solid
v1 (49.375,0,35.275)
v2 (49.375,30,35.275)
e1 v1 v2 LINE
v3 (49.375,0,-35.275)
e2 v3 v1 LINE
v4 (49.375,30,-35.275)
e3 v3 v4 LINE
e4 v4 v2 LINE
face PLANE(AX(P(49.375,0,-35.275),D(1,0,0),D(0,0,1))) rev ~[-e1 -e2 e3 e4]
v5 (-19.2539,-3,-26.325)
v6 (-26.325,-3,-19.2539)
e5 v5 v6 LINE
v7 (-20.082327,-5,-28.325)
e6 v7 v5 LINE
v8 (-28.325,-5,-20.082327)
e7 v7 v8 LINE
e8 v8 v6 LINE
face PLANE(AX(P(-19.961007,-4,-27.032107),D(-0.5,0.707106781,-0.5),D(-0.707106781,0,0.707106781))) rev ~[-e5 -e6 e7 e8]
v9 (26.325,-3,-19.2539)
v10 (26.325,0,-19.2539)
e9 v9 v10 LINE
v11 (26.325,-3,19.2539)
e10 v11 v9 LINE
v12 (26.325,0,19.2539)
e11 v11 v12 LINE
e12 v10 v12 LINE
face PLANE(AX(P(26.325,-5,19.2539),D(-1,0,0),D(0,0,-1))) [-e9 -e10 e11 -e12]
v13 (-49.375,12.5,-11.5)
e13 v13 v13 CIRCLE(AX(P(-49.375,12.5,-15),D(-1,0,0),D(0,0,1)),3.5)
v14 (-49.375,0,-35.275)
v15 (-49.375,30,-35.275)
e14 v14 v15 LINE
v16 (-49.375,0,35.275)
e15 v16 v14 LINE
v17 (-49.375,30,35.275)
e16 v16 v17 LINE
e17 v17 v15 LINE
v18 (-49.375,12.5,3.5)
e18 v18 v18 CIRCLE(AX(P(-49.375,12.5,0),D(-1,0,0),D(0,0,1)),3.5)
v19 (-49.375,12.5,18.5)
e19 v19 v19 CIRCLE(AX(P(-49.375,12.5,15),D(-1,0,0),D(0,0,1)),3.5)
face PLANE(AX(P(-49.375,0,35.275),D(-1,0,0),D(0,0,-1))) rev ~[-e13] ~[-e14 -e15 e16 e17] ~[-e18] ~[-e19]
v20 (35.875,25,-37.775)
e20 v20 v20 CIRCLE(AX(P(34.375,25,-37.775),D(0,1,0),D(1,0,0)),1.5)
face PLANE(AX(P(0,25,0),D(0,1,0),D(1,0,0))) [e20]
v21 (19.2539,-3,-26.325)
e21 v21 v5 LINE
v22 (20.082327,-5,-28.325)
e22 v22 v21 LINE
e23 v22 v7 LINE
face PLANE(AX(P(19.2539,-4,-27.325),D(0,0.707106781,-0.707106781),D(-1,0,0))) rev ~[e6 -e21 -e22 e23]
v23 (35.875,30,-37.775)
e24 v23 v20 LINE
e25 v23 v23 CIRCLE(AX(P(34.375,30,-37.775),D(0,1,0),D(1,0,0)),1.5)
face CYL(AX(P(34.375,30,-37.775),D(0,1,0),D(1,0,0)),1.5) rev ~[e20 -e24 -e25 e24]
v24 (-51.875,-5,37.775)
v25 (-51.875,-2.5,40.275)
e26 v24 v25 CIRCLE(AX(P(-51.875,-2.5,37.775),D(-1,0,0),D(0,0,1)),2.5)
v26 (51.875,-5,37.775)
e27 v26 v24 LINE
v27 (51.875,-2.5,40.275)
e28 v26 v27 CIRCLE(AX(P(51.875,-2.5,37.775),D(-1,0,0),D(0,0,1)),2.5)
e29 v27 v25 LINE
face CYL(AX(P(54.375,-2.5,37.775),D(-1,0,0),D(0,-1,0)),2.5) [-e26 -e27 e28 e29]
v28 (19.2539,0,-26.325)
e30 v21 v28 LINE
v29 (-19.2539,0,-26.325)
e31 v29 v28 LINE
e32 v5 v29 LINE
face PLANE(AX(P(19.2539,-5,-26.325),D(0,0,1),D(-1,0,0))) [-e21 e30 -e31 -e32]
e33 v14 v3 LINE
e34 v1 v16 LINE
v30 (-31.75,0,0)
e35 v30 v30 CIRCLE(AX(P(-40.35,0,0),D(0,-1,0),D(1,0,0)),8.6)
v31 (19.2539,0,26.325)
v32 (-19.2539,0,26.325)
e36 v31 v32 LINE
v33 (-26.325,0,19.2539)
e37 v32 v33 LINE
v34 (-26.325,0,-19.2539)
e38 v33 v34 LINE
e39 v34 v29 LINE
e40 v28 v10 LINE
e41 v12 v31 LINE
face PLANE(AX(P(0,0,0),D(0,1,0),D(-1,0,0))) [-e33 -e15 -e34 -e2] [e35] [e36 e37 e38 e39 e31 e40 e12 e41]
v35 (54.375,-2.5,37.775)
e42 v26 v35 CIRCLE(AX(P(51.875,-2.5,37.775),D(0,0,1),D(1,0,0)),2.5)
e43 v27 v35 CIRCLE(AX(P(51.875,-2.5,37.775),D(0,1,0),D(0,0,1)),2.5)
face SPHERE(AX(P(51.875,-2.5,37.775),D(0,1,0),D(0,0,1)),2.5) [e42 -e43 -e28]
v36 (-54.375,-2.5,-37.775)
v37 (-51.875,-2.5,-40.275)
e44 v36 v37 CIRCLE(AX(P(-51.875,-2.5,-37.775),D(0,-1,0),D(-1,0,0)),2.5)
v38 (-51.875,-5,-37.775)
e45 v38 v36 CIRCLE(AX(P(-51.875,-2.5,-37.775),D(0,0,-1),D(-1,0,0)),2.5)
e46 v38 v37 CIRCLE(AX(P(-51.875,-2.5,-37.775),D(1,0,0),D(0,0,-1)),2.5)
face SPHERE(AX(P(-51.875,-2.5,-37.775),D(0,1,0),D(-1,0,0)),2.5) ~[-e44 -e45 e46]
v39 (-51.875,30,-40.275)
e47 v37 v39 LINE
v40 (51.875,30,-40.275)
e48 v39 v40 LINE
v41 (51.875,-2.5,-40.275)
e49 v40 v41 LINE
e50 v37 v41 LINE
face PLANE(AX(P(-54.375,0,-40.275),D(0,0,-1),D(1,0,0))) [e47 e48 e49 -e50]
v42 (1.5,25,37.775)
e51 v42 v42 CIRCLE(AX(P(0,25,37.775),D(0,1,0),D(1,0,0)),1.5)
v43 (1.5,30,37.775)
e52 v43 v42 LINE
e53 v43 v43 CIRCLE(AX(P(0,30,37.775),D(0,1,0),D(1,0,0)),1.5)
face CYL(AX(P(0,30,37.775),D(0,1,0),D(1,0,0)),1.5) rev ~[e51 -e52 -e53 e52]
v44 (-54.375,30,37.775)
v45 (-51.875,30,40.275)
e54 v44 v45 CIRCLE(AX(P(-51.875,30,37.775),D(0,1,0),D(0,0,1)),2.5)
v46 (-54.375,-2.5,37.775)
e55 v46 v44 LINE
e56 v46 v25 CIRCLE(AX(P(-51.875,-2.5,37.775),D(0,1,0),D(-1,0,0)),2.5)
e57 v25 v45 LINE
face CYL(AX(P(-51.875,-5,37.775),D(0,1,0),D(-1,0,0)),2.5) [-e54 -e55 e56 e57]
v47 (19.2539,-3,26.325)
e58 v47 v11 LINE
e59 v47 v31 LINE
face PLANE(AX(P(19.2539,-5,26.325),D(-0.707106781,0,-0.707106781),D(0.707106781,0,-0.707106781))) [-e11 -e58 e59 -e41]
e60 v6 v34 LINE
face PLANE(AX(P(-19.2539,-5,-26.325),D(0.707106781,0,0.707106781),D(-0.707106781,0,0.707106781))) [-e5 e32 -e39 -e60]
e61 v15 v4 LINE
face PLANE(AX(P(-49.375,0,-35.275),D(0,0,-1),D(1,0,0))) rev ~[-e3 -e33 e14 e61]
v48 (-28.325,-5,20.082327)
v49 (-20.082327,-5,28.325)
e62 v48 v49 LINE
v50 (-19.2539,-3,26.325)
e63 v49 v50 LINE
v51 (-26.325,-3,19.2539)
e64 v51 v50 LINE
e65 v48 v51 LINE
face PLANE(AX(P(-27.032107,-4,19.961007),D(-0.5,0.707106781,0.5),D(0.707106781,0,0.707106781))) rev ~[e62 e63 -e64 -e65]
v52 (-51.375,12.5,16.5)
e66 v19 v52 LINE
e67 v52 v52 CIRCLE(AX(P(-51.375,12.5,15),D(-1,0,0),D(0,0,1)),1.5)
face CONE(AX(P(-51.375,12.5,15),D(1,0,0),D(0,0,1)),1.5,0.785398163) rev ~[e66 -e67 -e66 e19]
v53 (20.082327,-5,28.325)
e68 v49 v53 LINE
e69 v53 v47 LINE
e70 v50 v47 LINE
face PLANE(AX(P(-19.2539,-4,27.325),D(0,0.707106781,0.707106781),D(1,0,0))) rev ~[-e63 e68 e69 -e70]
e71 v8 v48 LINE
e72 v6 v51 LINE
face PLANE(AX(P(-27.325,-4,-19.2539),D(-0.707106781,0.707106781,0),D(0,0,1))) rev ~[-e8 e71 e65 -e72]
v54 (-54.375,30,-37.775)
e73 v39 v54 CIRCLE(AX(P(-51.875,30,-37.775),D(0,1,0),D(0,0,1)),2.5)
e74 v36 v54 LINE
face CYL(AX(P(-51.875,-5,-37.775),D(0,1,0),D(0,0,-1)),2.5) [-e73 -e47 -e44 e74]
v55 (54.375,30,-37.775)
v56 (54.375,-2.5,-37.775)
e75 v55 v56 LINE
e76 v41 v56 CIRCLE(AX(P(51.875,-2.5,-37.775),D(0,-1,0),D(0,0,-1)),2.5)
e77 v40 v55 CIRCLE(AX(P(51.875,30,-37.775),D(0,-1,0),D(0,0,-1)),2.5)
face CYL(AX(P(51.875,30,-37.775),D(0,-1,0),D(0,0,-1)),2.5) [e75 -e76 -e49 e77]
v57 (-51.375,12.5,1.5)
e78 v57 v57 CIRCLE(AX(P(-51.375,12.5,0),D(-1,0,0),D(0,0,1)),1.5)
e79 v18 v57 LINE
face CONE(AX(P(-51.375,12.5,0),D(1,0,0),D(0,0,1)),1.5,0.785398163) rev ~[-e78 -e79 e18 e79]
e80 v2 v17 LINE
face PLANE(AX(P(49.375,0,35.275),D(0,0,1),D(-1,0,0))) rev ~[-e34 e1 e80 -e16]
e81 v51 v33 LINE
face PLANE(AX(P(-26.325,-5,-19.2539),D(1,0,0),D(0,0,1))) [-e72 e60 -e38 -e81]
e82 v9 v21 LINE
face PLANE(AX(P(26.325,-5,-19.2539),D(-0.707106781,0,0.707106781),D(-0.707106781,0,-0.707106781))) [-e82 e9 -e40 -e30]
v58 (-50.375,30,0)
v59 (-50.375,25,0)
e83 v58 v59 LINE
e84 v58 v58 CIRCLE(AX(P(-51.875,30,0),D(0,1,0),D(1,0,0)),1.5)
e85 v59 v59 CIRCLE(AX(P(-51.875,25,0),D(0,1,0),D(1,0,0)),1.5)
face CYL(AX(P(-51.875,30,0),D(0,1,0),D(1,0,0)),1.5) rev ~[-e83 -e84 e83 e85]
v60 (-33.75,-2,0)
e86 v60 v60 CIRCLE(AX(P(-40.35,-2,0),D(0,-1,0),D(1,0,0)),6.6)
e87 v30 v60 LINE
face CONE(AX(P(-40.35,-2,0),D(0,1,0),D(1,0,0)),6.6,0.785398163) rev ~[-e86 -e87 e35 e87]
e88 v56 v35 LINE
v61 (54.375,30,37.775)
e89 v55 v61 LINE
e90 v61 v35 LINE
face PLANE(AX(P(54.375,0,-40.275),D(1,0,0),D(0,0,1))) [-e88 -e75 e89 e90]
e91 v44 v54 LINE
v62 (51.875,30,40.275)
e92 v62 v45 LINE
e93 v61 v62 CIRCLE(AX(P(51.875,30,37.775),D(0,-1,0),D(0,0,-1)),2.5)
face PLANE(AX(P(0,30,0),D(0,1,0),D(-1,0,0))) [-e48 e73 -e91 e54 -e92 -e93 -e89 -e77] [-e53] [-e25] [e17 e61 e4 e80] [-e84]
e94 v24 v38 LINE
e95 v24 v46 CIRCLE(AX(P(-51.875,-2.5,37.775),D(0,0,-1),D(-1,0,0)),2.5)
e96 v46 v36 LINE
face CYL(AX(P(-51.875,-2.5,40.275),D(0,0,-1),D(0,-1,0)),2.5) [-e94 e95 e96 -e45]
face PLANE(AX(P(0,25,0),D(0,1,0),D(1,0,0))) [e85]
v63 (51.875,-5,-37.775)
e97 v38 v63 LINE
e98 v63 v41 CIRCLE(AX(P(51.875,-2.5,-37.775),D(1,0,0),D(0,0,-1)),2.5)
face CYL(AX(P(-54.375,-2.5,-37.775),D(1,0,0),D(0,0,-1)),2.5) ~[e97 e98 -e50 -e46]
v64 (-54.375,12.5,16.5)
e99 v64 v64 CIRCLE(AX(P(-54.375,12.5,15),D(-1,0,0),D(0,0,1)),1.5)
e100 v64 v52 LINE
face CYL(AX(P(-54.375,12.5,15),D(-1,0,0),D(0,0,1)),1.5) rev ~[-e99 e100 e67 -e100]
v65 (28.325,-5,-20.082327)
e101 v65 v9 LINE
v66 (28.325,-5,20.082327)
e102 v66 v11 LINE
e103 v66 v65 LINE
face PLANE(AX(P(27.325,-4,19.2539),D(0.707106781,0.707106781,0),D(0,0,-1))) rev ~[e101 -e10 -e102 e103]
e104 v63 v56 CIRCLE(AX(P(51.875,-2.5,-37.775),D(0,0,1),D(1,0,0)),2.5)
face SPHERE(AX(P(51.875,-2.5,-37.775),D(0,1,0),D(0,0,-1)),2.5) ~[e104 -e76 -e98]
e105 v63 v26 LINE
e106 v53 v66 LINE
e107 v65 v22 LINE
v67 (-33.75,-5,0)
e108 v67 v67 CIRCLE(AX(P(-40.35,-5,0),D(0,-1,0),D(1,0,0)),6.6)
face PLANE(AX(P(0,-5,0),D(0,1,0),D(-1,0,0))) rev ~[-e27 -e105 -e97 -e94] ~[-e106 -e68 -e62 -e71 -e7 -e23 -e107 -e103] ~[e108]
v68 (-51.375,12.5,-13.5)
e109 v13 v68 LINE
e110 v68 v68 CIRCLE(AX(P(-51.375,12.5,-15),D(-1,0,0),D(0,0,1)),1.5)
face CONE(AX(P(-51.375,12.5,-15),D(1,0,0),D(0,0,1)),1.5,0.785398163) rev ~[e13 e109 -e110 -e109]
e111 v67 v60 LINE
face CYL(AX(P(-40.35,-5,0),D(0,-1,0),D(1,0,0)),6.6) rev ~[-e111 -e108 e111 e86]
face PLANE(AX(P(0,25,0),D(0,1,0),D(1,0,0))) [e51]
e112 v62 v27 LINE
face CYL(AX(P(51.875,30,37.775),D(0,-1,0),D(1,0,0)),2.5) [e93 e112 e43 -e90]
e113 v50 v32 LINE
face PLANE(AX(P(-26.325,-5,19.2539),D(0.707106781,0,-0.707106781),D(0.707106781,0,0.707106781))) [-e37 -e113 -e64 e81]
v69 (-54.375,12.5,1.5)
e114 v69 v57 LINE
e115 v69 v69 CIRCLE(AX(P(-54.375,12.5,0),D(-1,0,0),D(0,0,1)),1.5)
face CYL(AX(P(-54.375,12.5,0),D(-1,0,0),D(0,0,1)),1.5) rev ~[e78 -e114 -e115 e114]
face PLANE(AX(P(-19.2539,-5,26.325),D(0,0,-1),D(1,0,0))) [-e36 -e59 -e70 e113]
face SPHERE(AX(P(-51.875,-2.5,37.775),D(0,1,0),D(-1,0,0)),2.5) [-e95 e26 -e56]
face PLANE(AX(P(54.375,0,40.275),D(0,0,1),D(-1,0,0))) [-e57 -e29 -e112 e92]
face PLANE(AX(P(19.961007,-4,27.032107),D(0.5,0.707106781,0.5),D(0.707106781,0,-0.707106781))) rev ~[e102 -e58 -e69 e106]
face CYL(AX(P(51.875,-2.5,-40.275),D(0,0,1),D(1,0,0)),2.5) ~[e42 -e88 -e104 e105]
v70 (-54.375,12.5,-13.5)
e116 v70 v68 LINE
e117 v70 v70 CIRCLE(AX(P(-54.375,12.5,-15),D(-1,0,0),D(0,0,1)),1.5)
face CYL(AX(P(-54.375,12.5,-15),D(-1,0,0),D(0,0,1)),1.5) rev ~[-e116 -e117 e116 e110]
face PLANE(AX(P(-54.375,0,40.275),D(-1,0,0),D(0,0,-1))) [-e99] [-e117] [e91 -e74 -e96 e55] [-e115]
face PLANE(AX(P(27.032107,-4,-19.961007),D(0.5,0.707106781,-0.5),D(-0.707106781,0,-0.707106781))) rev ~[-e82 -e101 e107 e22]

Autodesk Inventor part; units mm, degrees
ref_plane "YZ Plane" through (0, 0, 0) normal (1, 0, 0) x (0, 1, 0)
ref_plane "XZ Plane" through (0, 0, 0) normal (0, 1, 0) x (-1, 0, 0)
ref_plane "XY Plane" through (0, 0, 0) normal (0, 0, 1) x (1, 0, 0)
sketch "스케치2" plane through (0, 0, 0) normal (0, 1, 0) x (-1, 0, 0)
  line L0 (49.375, -35.275) -> (-49.375, -35.275)
  line L1 (-49.375, -35.275) -> (-49.375, 35.275)
  line L2 (-49.375, 35.275) -> (49.375, 35.275)
  line L3 (49.375, 35.275) -> (49.375, -35.275)
  line L4 (49.375, -35.275) -> (-49.375, 35.275) construction
  line L5 (-49.375, -35.275) -> (49.375, 35.275) construction
  line L6 (54.375, -40.275) -> (-54.375, -40.275)
  line L7 (-54.375, -40.275) -> (-54.375, 40.275)
  line L8 (-54.375, 40.275) -> (54.375, 40.275)
  line L9 (54.375, 40.275) -> (54.375, -40.275)
  point P0 (0, 0)
  dimension "d0" = 98.75
  dimension "d1" = 70.55
  dimension "d2" = 5
extrude "돌출1" add sketch "스케치2" along normal blind 30
sketch "스케치3" plane through (0, 0, 0) normal (0, 1, 0) x (-1, 0, 0)
  line L0 (54.375, 40.275) -> (-54.375, 40.275) construction
  line L1 (54.375, -40.275) -> (-54.375, -40.275)
  line L2 (-54.375, -40.275) -> (-54.375, 40.275)
  line L3 (-54.375, 40.275) -> (54.375, 40.275)
  line L4 (54.375, 40.275) -> (54.375, -40.275)
  line L5 (54.375, -40.275) -> (-54.375, 40.275) construction
  line L6 (-54.375, -40.275) -> (54.375, 40.275) construction
  point P0 (0, 0)
extrude "돌출2" add sketch "스케치3" against normal blind 5
sketch "스케치4" plane through (0, -5, 0) normal (0, -1, 0) x (1, 0, 0)
  line L0 (26.325, -26.325) -> (-26.325, -26.325)
  line L1 (-26.325, -26.325) -> (-26.325, 26.325)
  line L2 (-26.325, 26.325) -> (26.325, 26.325)
  line L3 (26.325, 26.325) -> (26.325, -26.325)
  line L4 (26.325, -26.325) -> (-26.325, 26.325) construction
  line L5 (-26.325, -26.325) -> (26.325, 26.325) construction
  line L6 (-26.325, 19.2539) -> (-19.2539, 26.325)
  line L7 (-19.2539, -26.325) -> (-26.325, -19.2539)
  line L8 (26.325, -19.2539) -> (19.2539, -26.325)
  line L9 (19.2539, 26.325) -> (26.325, 19.2539)
  point P0 (0, 0)
  dimension "d7" = 52.65
  dimension "d8" = 52.65
  dimension "d9" = 45
  dimension "d10" = 5
  dimension "d13" = 360
extrude "돌출3" cut sketch "스케치4" against normal through all contours L0 L7 L1 L6 L2 L9 L3 L8
sketch "스케치5" plane through (-54.375, 30, -40.275) normal (-1, 0, 0) x (0, 0, 1)
  line L0 (80.55, -35) -> (0, -35) construction
  circle A0 centre (40.275, -17.5) radius 1.5
  circle A1 centre (25.275, -17.5) radius 1.5
  circle A2 centre (55.275, -17.5) radius 1.5
  point P0 (40.275, -30)
  dimension "d17" = 3
  dimension "d18" = 17.5
  dimension "d19" = 3
  dimension "d20" = 17.5
  dimension "d21" = 17.5
  dimension "d22" = 3
  dimension "d23" = 15
  dimension "d24" = 0
  dimension "d25" = 15
extrude "돌출4" cut sketch "스케치5" against normal blind 5
fillet "모깎기1" radius 2.5 8 edges at (-54.375, 12.5, 40.275) (54.375, 12.5, 40.275) (54.375, 12.5, -40.275) (-54.375, 12.5, -40.275) (-54.375, -5, 0) (0, -5, -40.275) (0, -5, 40.275) (54.375, -5, 0)
chamfer "모따기1" distance 2 angle 45 11 edges at (-49.375, 12.5, 13.5) (-49.375, 12.5, -1.5) (-49.375, 12.5, -16.5) (0, -5, -26.325) (22.7895, -5, -22.7895) (26.325, -5, 0) (22.7895, -5, 22.7895) (0, -5, 26.325) (-22.7895, -5, 22.7895) (-26.325, -5, 0) (-22.7895, -5, -22.7895)
sketch "스케치6" plane through (0, -5, 0) normal (0, -1, 0) x (1, 0, 0)
  circle A0 centre (-40.35, 0) radius 6.6
  line L0 (-54.375, 37.775) -> (-54.375, -37.775) construction
  line L1 (-26.325, -19.2539) -> (-26.325, 19.2539) construction
  point P0 (0, 0)
  dimension "d32" = 13.2
  dimension "d33" = 14.025
  dimension "d34" = 14.025
extrude "돌출5" cut sketch "스케치6" against normal blind 5
chamfer "모따기2" distance 2 angle 45 1 edges at (-46.95, 0, 0)
sketch "스케치7" plane through (0, 30, 0) normal (0, 1, 0) x (1, 0, 0)
  line L0 (-54.375, 37.775) -> (-54.375, -37.775) construction
  line L1 (54.375, -37.775) -> (54.375, 37.775) construction
  line L2 (-49.375, 35.275) -> (49.375, 35.275) construction
  circle A0 centre (-51.875, 0) radius 1.5
  line L3 (-51.875, -37.775) -> (51.875, -37.775) construction
  circle A1 centre (0, -37.775) radius 1.5
  circle A2 centre (34.375, 37.775) radius 1.5
  point P0 (0, 0)
  dimension "d40" = 3
  dimension "d41" = 2.5
  dimension "d42" = 3
  dimension "d43" = 3
  dimension "d44" = 2.5
  dimension "d45" = 20
extrude "돌출6" cut sketch "스케치7" against normal blind 5
equation "\"d33\" = d34"
properties part number "housing_top"
